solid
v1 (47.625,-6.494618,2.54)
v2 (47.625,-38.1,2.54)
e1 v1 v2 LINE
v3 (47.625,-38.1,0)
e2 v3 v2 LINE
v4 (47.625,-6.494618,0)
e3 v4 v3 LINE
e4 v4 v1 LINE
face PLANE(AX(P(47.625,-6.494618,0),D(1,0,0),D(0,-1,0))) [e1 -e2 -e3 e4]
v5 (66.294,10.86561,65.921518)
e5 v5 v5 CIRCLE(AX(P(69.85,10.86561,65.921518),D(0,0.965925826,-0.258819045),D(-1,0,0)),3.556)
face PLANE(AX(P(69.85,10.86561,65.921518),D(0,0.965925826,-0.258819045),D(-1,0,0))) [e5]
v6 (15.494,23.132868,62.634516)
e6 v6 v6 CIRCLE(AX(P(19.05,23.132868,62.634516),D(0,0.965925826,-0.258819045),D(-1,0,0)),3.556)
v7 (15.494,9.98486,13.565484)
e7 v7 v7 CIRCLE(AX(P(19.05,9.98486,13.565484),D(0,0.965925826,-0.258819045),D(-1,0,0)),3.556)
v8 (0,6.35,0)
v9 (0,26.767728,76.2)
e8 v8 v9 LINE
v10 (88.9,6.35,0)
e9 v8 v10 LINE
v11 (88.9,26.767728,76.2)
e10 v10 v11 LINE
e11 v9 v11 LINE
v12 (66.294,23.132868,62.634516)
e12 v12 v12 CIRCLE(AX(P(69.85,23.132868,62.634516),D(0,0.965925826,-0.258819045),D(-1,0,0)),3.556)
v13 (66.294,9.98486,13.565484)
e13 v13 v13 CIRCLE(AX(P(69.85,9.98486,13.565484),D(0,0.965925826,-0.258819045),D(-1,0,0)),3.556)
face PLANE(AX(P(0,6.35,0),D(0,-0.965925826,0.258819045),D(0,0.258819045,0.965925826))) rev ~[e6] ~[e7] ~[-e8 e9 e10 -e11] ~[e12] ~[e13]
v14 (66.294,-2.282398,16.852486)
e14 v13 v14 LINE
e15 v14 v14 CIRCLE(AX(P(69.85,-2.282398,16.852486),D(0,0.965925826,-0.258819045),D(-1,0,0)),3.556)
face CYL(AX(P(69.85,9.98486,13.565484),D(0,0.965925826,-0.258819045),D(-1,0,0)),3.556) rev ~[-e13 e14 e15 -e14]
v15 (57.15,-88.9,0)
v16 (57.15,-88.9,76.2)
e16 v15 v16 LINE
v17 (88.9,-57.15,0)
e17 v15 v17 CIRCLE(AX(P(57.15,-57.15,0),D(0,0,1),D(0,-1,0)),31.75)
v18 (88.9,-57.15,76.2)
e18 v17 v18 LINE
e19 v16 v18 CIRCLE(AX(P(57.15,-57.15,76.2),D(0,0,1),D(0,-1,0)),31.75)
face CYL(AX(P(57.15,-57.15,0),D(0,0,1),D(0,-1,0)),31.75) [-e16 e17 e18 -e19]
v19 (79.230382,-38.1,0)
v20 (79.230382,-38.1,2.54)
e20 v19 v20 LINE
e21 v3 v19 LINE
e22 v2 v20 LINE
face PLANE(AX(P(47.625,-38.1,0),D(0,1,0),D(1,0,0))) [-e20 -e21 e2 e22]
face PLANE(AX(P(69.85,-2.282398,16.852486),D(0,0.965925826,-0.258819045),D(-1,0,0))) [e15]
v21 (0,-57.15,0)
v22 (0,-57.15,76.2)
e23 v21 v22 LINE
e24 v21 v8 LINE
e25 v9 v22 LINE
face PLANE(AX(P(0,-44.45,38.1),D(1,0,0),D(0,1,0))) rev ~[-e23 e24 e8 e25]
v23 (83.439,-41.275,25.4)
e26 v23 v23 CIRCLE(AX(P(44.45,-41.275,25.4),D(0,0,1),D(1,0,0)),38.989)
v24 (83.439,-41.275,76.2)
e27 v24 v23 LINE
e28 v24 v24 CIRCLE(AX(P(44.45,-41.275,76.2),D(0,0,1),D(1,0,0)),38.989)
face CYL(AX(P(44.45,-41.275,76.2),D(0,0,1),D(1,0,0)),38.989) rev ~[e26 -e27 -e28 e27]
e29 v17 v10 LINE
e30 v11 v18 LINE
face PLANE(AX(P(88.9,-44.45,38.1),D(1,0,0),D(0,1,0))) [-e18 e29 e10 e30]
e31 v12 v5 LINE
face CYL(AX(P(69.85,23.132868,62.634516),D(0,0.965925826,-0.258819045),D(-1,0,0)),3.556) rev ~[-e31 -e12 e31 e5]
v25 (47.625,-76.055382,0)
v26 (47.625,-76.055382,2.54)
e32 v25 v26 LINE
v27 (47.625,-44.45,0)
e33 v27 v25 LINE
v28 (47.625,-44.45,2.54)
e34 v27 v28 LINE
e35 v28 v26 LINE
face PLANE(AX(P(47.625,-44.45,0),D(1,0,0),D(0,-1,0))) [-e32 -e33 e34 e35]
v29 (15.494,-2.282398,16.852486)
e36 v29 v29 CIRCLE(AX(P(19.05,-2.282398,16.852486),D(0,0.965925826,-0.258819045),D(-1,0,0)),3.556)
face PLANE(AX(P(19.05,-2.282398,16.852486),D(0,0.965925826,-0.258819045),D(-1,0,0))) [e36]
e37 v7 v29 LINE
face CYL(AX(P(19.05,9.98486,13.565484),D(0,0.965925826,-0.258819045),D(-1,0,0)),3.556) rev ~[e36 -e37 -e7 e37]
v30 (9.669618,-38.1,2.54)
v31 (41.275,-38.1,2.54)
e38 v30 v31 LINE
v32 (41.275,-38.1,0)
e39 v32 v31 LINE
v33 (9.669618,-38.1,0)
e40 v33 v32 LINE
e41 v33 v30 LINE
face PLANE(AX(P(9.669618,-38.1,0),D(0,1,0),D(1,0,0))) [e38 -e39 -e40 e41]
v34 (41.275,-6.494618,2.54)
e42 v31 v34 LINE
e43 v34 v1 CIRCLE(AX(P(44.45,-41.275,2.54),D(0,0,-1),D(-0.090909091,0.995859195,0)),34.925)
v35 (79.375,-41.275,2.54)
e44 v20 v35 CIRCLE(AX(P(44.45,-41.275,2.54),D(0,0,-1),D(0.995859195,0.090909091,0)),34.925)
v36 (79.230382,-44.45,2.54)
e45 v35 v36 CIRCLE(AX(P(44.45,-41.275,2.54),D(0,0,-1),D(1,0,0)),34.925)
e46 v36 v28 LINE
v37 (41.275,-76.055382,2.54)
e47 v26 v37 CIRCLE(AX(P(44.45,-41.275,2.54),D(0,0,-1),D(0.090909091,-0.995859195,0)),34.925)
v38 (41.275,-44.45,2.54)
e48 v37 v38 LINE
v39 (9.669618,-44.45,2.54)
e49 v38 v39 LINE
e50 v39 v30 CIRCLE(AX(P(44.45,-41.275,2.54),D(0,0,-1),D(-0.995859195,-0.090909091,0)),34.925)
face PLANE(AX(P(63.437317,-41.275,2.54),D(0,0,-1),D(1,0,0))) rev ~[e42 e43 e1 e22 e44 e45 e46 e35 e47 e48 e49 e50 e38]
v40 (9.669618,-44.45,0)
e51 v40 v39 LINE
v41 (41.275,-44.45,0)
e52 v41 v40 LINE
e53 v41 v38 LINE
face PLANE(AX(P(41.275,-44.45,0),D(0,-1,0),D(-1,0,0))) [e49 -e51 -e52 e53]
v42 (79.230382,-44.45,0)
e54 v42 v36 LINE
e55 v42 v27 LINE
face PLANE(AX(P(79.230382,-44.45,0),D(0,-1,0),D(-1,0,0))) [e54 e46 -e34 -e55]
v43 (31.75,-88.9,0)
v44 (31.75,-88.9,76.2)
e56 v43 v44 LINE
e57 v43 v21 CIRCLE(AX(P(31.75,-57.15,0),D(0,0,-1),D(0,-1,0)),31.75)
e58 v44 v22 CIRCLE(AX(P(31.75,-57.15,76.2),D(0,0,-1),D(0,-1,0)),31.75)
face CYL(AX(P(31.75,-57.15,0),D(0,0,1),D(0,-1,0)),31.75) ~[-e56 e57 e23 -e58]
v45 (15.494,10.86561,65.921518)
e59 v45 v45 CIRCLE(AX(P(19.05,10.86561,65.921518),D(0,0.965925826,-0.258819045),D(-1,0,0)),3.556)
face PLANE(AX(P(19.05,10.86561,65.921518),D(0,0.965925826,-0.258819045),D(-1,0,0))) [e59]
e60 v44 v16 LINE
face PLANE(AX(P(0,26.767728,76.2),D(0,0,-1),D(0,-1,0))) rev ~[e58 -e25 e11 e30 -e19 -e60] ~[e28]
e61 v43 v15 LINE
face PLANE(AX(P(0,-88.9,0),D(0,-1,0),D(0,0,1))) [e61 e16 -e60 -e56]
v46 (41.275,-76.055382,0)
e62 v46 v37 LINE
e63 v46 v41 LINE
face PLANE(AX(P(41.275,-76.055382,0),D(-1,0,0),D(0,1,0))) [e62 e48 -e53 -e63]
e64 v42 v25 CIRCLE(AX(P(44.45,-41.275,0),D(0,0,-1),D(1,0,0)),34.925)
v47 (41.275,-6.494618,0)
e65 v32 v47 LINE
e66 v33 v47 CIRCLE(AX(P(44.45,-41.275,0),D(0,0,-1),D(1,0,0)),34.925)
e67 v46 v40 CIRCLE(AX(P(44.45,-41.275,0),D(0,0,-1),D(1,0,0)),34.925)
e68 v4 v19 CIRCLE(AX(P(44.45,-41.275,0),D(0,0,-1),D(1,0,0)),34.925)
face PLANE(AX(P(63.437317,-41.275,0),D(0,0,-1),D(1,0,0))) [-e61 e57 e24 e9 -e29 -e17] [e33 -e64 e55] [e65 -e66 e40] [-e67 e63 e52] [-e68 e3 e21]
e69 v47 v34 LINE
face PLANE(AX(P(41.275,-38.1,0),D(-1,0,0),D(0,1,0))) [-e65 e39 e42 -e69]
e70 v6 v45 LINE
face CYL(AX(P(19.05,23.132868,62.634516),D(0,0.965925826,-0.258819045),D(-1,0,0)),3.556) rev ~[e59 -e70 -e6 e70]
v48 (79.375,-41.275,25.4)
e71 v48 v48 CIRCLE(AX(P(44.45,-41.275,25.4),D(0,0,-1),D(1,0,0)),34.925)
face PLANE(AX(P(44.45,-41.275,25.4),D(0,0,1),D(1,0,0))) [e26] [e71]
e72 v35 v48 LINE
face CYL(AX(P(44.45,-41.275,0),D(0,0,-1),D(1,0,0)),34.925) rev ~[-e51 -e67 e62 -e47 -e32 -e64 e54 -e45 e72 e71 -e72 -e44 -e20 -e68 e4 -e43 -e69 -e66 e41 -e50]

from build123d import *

# Parameters (mm, degrees)
F0_W     = 88.9
F0_H     = 76.2
F1_DEPTH = 88.9
F2_R     = 34.925
F3_DEPTH = 25.4
F4_R     = 38.989
F5_DEPTH = 50.8
F6_W     = 6.35
F6_H     = 6.35
F7_DEPTH = 2.54
F8_R     = 3.556
F9_DEPTH = 12.7
F10_R    = 31.75


with BuildPart() as f1:
    # F0 (on Right) → F1 (new body)
    with BuildSketch(Plane.YZ):
        with Locations((-44.45, 38.1)):
            Rectangle(F0_W, F0_H)
        Polygon((0, 76.2), (0, 0), (6.35, 0), (26.7677284633, 76.2), align=None)
    extrude(amount=F1_DEPTH)

    # F2 (on face) → F3 (cut)
    with BuildSketch(Plane(origin=(0, 0, 0), x_dir=(1, 0, 0), z_dir=(0, 0, -1))):
        with Locations((44.45, 41.275)):
            Circle(F2_R)
    extrude(amount=-F3_DEPTH, mode=Mode.SUBTRACT)

    # F4 (on face) → F5 (cut)
    with BuildSketch(Plane.XY.offset(76.2)):
        with Locations((44.45, -41.275)):
            Circle(F4_R)
    extrude(amount=-F5_DEPTH, mode=Mode.SUBTRACT)

    # F6 (on face) → F7 (join)
    with BuildSketch(Plane(origin=(0, 0, 0), x_dir=(1, 0, 0), z_dir=(0, 0, -1))):
        with BuildLine():
            Line((79.2303824016, 44.45), (47.625, 44.45))
            Line((47.625, 44.45), (47.625, 38.1))
            Line((47.625, 38.1), (79.2303824016, 38.1))
            ThreePointArc((79.2303824016, 38.1), (79.3388268675, 39.6858540619), (79.375, 41.275))
            ThreePointArc((79.375, 41.275), (79.3388268675, 42.8641459381), (79.2303824016, 44.45))
        make_face()
        with BuildLine():
            Line((41.275, 76.0553824016), (41.275, 44.45))
            Line((41.275, 44.45), (47.625, 44.45))
            Line((47.625, 44.45), (47.625, 76.0553824016))
            ThreePointArc((47.625, 76.0553824016), (44.45, 76.2), (41.275, 76.0553824016))
        make_face()
        with BuildLine():
            Line((41.275, 44.45), (9.6696175984, 44.45))
            ThreePointArc((9.6696175984, 44.45), (9.525, 41.275), (9.6696175984, 38.1))
            Line((9.6696175984, 38.1), (41.275, 38.1))
            Line((41.275, 38.1), (41.275, 44.45))
        make_face()
        with Locations((44.45, 41.275)):
            Rectangle(F6_W, F6_H)
        with BuildLine():
            Line((47.625, 38.1), (41.275, 38.1))
            Line((41.275, 38.1), (41.275, 6.4946175984))
            ThreePointArc((41.275, 6.4946175984), (44.45, 6.35), (47.625, 6.4946175984))
            Line((47.625, 6.4946175984), (47.625, 38.1))
        make_face()
    extrude(amount=-F7_DEPTH)

    # F8 (on face) → F9 (cut)
    with BuildSketch(Plane(origin=(0, 5.924630657, -1.5875), x_dir=(-1, 0, 0), z_dir=(0, 0.9659258263, -0.2588190451))):
        with Locations((-69.85, 66.48752341)):
            Circle(F8_R)
        with Locations((-19.05, 66.48752341)):
            Circle(F8_R)
        with Locations((-69.85, 15.68752341)):
            Circle(F8_R)
        with Locations((-19.05, 15.68752341)):
            Circle(F8_R)
    extrude(amount=-F9_DEPTH, mode=Mode.SUBTRACT)

    # F10
    f10_edges = [f1.edges().sort_by_distance(p)[0] for p in [
        (0, -88.9, 38.1),
        (88.9, -88.9, 38.1),
    ]]
    fillet(f10_edges, radius=F10_R)


solid = f1.part
